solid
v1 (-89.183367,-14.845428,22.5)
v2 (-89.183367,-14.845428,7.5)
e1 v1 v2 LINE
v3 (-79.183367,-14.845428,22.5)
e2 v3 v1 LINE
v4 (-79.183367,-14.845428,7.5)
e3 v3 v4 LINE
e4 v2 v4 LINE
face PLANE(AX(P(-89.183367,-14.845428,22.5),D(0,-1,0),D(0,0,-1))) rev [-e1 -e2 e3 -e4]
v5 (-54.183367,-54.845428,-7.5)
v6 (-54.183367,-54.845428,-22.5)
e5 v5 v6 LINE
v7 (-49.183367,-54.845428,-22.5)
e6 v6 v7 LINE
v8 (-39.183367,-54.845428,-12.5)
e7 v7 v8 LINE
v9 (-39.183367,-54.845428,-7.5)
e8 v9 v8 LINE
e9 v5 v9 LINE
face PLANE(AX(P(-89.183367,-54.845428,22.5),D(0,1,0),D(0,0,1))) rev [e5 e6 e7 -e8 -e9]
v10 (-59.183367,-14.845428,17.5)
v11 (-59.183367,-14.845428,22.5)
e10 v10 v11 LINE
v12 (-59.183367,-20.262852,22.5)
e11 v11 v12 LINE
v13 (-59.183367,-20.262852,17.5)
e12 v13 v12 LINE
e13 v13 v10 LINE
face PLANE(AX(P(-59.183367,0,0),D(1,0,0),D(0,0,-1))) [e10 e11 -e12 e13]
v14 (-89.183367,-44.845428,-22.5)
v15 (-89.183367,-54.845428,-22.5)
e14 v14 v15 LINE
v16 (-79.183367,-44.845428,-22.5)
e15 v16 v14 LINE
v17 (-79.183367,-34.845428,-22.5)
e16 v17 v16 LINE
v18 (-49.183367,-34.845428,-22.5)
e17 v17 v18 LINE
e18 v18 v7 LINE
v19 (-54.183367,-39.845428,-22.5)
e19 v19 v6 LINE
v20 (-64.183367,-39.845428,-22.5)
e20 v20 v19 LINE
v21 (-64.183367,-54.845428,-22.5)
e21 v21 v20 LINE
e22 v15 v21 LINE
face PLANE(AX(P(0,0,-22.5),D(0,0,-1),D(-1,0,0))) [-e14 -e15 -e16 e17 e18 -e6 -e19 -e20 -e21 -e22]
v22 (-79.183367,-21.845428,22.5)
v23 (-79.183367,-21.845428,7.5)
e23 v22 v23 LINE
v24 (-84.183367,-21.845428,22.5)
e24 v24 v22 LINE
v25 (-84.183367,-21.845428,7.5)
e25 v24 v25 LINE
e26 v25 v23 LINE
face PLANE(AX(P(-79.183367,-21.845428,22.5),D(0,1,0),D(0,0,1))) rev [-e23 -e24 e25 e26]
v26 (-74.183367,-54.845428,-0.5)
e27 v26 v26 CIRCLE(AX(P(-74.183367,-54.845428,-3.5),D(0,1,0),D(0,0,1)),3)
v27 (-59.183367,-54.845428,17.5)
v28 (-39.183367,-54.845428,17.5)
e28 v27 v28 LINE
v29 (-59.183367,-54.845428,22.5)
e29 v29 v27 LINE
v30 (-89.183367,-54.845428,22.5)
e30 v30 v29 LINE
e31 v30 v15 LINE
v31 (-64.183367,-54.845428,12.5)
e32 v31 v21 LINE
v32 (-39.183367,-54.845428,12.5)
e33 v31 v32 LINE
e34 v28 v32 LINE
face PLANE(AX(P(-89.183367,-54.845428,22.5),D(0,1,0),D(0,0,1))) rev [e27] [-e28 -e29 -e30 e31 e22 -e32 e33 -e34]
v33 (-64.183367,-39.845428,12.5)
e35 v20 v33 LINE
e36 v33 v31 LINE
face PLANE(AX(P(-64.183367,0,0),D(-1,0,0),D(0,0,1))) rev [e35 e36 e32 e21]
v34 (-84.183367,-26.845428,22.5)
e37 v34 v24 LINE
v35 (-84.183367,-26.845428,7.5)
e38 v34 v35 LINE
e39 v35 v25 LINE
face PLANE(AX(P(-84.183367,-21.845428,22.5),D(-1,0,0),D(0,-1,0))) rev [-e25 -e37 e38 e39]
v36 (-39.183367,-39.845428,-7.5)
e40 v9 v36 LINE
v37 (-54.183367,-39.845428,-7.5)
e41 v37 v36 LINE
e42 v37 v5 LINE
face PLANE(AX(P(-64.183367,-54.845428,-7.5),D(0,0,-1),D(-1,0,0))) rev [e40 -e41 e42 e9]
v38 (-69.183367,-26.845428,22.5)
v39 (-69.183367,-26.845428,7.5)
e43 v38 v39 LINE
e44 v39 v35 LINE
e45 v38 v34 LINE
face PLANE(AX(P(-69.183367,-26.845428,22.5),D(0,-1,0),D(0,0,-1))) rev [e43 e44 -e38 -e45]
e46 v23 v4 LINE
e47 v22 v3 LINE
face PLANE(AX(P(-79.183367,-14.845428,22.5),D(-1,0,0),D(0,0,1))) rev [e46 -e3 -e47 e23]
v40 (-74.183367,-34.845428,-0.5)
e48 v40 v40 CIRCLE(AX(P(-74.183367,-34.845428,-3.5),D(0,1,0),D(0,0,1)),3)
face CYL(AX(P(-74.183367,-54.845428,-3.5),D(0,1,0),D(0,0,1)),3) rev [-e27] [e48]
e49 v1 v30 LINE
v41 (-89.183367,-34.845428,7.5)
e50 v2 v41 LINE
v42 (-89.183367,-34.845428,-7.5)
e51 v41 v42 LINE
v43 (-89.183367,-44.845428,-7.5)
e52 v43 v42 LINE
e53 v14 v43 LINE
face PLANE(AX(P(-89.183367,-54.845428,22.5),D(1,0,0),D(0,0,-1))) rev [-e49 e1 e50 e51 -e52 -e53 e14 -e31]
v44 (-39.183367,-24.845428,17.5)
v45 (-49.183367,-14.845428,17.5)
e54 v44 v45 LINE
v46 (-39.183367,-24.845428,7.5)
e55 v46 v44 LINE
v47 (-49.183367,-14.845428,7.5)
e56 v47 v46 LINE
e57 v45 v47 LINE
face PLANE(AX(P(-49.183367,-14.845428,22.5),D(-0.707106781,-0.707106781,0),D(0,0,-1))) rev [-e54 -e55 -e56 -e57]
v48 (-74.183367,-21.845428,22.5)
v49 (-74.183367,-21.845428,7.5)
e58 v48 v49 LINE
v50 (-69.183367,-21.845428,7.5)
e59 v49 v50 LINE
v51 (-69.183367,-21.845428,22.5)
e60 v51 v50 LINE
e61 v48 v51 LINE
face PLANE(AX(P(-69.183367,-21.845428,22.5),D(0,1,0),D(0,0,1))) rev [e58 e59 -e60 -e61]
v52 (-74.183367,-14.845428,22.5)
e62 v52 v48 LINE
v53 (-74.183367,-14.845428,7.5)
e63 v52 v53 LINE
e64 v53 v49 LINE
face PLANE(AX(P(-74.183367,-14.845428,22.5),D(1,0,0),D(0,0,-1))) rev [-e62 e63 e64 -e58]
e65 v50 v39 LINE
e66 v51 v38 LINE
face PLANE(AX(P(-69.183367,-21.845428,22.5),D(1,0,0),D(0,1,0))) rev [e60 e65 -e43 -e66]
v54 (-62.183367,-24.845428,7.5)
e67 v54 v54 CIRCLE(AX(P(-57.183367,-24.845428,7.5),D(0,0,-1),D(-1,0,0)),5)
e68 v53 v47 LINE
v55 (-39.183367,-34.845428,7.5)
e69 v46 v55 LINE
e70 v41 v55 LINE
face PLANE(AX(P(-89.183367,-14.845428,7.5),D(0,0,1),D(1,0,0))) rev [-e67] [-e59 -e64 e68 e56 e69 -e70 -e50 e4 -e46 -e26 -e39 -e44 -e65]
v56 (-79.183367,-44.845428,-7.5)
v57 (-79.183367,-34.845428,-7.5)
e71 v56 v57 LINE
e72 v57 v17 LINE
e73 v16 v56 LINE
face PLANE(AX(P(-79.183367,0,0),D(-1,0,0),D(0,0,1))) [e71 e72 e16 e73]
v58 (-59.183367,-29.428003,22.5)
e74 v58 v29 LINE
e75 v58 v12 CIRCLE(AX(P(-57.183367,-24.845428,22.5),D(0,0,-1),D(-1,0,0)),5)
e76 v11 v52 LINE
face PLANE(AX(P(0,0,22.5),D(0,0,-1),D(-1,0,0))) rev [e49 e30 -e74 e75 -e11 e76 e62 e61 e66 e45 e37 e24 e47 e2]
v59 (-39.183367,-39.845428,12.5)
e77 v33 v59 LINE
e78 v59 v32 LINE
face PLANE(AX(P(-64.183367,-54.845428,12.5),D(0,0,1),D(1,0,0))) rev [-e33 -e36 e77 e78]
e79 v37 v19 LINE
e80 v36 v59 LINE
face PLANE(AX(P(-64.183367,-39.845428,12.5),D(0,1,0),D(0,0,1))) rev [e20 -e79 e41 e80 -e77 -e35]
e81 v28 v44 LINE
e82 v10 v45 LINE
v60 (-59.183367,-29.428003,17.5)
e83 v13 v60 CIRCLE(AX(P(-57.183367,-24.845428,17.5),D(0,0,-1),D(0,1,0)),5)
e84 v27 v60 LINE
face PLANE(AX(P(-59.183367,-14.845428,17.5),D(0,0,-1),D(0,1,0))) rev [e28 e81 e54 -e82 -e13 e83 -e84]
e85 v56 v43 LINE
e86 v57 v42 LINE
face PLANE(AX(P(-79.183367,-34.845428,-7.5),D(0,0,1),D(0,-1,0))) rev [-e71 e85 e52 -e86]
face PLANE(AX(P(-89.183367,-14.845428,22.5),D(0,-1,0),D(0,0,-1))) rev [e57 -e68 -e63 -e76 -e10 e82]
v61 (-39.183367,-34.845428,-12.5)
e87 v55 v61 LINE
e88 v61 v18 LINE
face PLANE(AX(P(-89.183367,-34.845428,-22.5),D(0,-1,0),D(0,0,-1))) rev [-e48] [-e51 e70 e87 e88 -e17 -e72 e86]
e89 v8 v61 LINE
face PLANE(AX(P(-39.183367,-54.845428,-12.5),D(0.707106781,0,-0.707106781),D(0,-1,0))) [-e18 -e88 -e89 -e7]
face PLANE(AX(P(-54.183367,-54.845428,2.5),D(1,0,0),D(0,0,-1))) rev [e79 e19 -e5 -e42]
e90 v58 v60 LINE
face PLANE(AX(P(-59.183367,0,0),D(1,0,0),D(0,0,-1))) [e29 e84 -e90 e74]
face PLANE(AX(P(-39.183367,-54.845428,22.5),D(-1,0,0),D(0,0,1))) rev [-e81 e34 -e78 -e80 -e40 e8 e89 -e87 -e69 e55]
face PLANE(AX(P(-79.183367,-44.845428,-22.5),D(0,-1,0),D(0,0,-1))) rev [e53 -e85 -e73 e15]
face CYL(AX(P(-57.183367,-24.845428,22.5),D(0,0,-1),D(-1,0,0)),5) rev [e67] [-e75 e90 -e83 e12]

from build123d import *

# Parameters (mm, degrees)
ESQUISSE3_W             = 50
ESQUISSE3_H             = 40
BOSS_EXTRU_1_DEPTH      = 22.5
ESQUISSE7_W             = 30
ESQUISSE7_H             = 20
ENL_V_MAT_EXTRU_1_DEPTH = 78.551730665
ESQUISSE8_W             = 5
ESQUISSE8_H             = 40
ENL_V_MAT_EXTRU_2_DEPTH = 20
ESQUISSE9_W             = 15
ESQUISSE9_H             = 10
ENL_V_MAT_EXTRU_3_DEPTH = 10
CHANFREIN2_SIZE         = 10
CHANFREIN3_SIZE         = 10
ENL_V_MAT_EXTRU_4_DEPTH = 109.911404208
ESQUISSE11_W            = 20
ESQUISSE11_H            = 15
ENL_V_MAT_EXTRU_5_DEPTH = 25
ESQUISSE12_W            = 10
ESQUISSE12_H            = 15
ENL_V_MAT_EXTRU_6_DEPTH = 25
ESQUISSE14_R            = 3
ENL_V_MAT_EXTRU_7_DEPTH = 95.127164185
ESQUISSE15_R            = 5
ENL_V_MAT_EXTRU_8_DEPTH = 109.911404208


with BuildPart() as part:
    # Esquisse3 → Boss.-Extru.1 (new, symmetric)
    with BuildSketch(Plane.XY):
        with Locations((-64.183367493, -34.845427604)):
            Rectangle(ESQUISSE3_W, ESQUISSE3_H)
    extrude(amount=BOSS_EXTRU_1_DEPTH, both=True)

    # Esquisse7 → Enlèv. mat.-Extru.1 (cut, through all)
    with BuildSketch(Plane(origin=(-39.183367493, 0, 0), x_dir=(0, 0, -1), z_dir=(1, 0, 0))):
        with Locations((7.5, -24.845427604)):
            Rectangle(ESQUISSE7_W, ESQUISSE7_H)
    extrude(amount=-ENL_V_MAT_EXTRU_1_DEPTH, mode=Mode.SUBTRACT)

    # Esquisse8 → Enlèv. mat.-Extru.2 (cut)
    with BuildSketch(Plane(origin=(-39.183367493, 0, 0), x_dir=(0, 0, -1), z_dir=(1, 0, 0))):
        with Locations((-20, -34.845427604)):
            Rectangle(ESQUISSE8_W, ESQUISSE8_H)
    extrude(amount=-ENL_V_MAT_EXTRU_2_DEPTH, mode=Mode.SUBTRACT)

    # Esquisse9 → Enlèv. mat.-Extru.3 (cut)
    with BuildSketch(Plane.ZY.offset(89.183367493)):
        with Locations((-15, -39.845427604)):
            Rectangle(ESQUISSE9_W, ESQUISSE9_H)
    extrude(amount=-ENL_V_MAT_EXTRU_3_DEPTH, mode=Mode.SUBTRACT)

    # Chanfrein2
    chanfrein2_edges = [part.edges().sort_by_distance(p)[0] for p in [
        (-39.183367493, -14.845427604, 12.5),
    ]]
    chamfer(chanfrein2_edges, length=CHANFREIN2_SIZE)

    # Chanfrein3
    chanfrein3_edges = [part.edges().sort_by_distance(p)[0] for p in [
        (-39.183367493, -44.845427604, -22.5),
    ]]
    chamfer(chanfrein3_edges, length=CHANFREIN3_SIZE)

    # Esquisse10 → Enlèv. mat.-Extru.4 (cut, through all)
    with BuildSketch(Plane(origin=(0, 0, 7.5), x_dir=(-1, 0, 0), z_dir=(0, 0, -1))):
        Polygon((74.183367493, -14.845427604), (79.183367493, -14.845427604), (79.183367493, -21.845427604), (84.183367493, -21.845427604), (84.183367493, -26.845427604), (69.183367493, -26.845427604), (69.183367493, -21.845427604), (74.183367493, -21.845427604), align=None)
    extrude(amount=-ENL_V_MAT_EXTRU_4_DEPTH, mode=Mode.SUBTRACT)

    # Esquisse11 → Enlèv. mat.-Extru.5 (cut)
    with BuildSketch(Plane(origin=(-39.183367493, 0, 0), x_dir=(0, 0, -1), z_dir=(1, 0, 0))):
        with Locations((-2.5, -47.345427604)):
            Rectangle(ESQUISSE11_W, ESQUISSE11_H)
    extrude(amount=-ENL_V_MAT_EXTRU_5_DEPTH, mode=Mode.SUBTRACT)

    # Esquisse12 → Enlèv. mat.-Extru.6 (cut)
    with BuildSketch(Plane(origin=(0, 0, -22.5), x_dir=(-1, 0, 0), z_dir=(0, 0, -1))):
        with Locations((59.183367493, -47.345427604)):
            Rectangle(ESQUISSE12_W, ESQUISSE12_H)
    extrude(amount=-ENL_V_MAT_EXTRU_6_DEPTH, mode=Mode.SUBTRACT)

    # Esquisse14 → Enlèv. mat.-Extru.7 (cut, through all)
    with BuildSketch(Plane(origin=(0, -34.845427604, 0), x_dir=(1, 0, 0), z_dir=(0, 1, 0))):
        with Locations(Location((-74.183367493, 3.5, 0), (0, 0, 270))):
            Circle(ESQUISSE14_R)
    extrude(amount=-ENL_V_MAT_EXTRU_7_DEPTH, mode=Mode.SUBTRACT)

    # Esquisse15 → Enlèv. mat.-Extru.8 (cut, through all)
    with BuildSketch(Plane(origin=(0, 0, 7.5), x_dir=(-1, 0, 0), z_dir=(0, 0, -1))):
        with Locations((57.183367493, -24.845427604)):
            Circle(ESQUISSE15_R)
    extrude(amount=-ENL_V_MAT_EXTRU_8_DEPTH, mode=Mode.SUBTRACT)


solid = part.part
